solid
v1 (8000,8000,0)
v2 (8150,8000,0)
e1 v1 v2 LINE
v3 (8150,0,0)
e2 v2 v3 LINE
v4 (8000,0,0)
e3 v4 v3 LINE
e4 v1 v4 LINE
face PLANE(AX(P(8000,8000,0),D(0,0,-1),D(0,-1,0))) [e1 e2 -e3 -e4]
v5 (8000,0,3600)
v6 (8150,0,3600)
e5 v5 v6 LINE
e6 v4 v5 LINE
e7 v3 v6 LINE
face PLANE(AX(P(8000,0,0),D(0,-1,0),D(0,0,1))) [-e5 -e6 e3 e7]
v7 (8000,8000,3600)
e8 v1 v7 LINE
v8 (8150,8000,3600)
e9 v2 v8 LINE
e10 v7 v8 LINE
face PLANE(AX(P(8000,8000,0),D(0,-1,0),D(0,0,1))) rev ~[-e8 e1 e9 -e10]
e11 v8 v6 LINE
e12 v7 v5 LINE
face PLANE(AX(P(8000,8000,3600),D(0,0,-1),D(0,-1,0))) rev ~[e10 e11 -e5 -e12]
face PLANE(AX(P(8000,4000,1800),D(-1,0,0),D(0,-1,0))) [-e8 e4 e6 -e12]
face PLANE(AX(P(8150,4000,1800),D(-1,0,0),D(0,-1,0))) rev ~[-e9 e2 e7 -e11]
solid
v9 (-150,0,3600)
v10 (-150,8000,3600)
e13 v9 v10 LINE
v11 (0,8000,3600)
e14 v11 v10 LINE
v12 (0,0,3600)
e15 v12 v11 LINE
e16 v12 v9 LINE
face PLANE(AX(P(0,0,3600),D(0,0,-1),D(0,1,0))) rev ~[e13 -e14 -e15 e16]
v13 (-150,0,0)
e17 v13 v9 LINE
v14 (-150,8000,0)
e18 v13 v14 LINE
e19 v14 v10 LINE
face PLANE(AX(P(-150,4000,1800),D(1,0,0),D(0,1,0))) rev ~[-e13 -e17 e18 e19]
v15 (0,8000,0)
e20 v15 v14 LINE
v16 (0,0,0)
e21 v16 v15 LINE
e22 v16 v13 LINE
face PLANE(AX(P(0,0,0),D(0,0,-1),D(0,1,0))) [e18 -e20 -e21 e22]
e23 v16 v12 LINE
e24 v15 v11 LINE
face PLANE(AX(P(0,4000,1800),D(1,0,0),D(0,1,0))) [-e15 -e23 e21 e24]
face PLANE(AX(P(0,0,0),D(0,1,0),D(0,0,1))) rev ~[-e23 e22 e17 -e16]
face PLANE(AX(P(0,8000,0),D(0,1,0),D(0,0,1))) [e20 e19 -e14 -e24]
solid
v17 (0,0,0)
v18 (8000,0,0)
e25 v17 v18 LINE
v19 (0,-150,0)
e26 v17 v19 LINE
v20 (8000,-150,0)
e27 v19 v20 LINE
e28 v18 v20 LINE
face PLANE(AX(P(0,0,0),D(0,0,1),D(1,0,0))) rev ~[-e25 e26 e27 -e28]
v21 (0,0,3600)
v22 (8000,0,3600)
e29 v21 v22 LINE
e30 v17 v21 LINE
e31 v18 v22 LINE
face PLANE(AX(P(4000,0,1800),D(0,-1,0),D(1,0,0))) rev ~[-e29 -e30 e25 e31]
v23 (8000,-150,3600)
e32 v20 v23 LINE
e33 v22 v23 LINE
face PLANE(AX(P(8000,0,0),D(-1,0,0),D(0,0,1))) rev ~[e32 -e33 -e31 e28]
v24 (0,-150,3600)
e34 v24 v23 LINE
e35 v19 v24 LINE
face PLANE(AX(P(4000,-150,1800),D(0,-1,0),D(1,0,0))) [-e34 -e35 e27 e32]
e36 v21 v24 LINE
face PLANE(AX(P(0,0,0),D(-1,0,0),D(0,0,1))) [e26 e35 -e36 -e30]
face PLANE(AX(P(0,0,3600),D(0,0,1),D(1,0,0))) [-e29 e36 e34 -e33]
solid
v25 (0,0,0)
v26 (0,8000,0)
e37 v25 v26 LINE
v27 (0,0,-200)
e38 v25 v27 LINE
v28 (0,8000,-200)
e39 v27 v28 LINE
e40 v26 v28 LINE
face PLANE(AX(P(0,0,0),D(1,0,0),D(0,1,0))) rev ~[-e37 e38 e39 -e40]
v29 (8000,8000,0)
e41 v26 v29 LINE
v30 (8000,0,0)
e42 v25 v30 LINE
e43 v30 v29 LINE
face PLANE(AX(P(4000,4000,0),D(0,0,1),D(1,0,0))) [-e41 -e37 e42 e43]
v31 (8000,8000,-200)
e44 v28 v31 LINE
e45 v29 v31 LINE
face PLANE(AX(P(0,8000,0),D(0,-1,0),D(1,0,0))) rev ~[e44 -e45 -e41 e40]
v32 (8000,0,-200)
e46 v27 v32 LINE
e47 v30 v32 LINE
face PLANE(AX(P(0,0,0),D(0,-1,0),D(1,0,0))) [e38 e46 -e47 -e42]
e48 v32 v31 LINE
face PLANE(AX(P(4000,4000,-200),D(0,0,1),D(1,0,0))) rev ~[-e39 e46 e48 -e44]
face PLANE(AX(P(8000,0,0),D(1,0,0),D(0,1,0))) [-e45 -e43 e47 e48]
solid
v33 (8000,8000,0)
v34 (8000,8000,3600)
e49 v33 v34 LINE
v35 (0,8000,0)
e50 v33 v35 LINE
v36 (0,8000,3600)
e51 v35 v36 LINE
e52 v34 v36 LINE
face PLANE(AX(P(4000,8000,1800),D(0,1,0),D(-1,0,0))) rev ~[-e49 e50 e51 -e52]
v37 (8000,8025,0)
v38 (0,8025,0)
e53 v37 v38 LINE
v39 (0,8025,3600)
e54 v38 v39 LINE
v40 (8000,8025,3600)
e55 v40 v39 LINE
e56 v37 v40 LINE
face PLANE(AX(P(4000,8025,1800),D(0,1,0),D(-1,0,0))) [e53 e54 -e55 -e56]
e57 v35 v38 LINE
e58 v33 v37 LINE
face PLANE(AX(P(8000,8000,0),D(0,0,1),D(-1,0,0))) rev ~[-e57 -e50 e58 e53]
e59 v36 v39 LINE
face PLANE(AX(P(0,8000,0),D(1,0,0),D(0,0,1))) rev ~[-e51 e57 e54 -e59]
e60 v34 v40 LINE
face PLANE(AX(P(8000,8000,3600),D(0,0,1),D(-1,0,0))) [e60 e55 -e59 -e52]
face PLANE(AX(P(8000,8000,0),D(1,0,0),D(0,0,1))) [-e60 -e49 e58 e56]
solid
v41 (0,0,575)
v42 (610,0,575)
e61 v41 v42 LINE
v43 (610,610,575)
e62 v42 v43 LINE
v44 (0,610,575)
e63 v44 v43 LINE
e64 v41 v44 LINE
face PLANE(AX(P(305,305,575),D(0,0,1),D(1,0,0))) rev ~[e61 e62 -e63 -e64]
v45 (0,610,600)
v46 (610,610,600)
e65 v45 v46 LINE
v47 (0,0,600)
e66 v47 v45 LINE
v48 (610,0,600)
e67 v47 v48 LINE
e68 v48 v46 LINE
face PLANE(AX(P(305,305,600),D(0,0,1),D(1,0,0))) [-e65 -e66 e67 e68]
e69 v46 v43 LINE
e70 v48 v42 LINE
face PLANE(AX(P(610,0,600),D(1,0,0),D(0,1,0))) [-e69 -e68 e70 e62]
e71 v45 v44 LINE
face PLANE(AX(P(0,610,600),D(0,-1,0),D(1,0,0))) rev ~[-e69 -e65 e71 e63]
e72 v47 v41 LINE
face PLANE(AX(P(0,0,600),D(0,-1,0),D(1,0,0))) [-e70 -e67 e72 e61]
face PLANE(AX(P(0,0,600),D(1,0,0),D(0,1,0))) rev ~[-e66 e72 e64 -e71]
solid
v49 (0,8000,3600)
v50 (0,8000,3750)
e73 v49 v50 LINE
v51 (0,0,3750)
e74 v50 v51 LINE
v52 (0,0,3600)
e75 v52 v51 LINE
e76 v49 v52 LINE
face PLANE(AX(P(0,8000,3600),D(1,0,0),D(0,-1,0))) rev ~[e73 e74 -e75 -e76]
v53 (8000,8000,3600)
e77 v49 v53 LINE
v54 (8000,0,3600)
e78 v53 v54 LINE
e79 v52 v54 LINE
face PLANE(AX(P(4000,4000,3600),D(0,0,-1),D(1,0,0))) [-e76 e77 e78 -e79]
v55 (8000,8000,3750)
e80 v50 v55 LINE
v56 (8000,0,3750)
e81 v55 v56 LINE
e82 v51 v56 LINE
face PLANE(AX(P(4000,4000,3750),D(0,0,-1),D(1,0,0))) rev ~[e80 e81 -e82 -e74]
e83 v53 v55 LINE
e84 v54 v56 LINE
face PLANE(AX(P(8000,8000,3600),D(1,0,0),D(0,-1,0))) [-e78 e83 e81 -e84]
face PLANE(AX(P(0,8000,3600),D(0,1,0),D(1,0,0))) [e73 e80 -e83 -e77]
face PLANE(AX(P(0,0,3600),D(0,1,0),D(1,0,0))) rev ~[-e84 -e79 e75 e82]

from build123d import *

# Parameters (mm, degrees)
F1_W      = 8000
F1_H      = 3600
F8_DEPTH  = 150
F2_W      = 8000
F2_H      = 3600
F9_DEPTH  = 150
F0_W      = 8000
F0_H      = 8000
F10_DEPTH = 200
F11_W     = 8000
F11_H     = 3600
F14_DEPTH = 150
F12_W     = 8000
F12_H     = 3600
F15_DEPTH = 25
F13_W     = 8000
F13_H     = 8000
F16_DEPTH = 150
F7_W      = 610
F7_H      = 610
F17_DEPTH = 25


with BuildPart() as f8:
    # F1 (on Right) → F8 (new body)
    with BuildSketch(Plane.YZ):
        with Locations((4000, 1800)):
            Rectangle(F1_W, F1_H)
    extrude(amount=-F8_DEPTH)


with BuildPart() as f9:
    # F2 (on Front) → F9 (new body)
    with BuildSketch(Plane.XZ):
        with Locations((4000, 1800)):
            Rectangle(F2_W, F2_H)
    extrude(amount=F9_DEPTH)


with BuildPart() as f10:
    # F0 (on Top) → F10 (new body)
    with BuildSketch(Plane.XY):
        with Locations((4000, 4000)):
            Rectangle(F0_W, F0_H)
    extrude(amount=-F10_DEPTH)


with BuildPart() as f14:
    # F11 (on 3pt) → F14 (new body)
    with BuildSketch(Plane(origin=(8000, 0, 0), x_dir=(0, -1, 0), z_dir=(-1, 0, 0))):
        with Locations((-4000, 1800)):
            Rectangle(F11_W, F11_H)
    extrude(amount=-F14_DEPTH)


with BuildPart() as f15:
    # F12 (on 3pt) → F15 (new body)
    with BuildSketch(Plane(origin=(0, 8000, 0), x_dir=(-1, 0, 0), z_dir=(0, 1, 0))):
        with Locations((-4000, 1800)):
            Rectangle(F12_W, F12_H)
    extrude(amount=F15_DEPTH)


with BuildPart() as f16:
    # F13 (on 3pt) → F16 (new body)
    with BuildSketch(Plane(origin=(0, 0, 3600), x_dir=(1, 0, 0), z_dir=(0, 0, -1))):
        with Locations((4000, -4000)):
            Rectangle(F13_W, F13_H)
    extrude(amount=-F16_DEPTH)


with BuildPart() as f17:
    # F7 (on offset) → F17 (new body)
    with BuildSketch(Plane.XY.offset(600)):
        with Locations((305, 305)):
            Rectangle(F7_W, F7_H)
    extrude(amount=-F17_DEPTH)


solid = Compound([f8.part, f9.part, f10.part, f14.part, f15.part, f16.part, f17.part])
